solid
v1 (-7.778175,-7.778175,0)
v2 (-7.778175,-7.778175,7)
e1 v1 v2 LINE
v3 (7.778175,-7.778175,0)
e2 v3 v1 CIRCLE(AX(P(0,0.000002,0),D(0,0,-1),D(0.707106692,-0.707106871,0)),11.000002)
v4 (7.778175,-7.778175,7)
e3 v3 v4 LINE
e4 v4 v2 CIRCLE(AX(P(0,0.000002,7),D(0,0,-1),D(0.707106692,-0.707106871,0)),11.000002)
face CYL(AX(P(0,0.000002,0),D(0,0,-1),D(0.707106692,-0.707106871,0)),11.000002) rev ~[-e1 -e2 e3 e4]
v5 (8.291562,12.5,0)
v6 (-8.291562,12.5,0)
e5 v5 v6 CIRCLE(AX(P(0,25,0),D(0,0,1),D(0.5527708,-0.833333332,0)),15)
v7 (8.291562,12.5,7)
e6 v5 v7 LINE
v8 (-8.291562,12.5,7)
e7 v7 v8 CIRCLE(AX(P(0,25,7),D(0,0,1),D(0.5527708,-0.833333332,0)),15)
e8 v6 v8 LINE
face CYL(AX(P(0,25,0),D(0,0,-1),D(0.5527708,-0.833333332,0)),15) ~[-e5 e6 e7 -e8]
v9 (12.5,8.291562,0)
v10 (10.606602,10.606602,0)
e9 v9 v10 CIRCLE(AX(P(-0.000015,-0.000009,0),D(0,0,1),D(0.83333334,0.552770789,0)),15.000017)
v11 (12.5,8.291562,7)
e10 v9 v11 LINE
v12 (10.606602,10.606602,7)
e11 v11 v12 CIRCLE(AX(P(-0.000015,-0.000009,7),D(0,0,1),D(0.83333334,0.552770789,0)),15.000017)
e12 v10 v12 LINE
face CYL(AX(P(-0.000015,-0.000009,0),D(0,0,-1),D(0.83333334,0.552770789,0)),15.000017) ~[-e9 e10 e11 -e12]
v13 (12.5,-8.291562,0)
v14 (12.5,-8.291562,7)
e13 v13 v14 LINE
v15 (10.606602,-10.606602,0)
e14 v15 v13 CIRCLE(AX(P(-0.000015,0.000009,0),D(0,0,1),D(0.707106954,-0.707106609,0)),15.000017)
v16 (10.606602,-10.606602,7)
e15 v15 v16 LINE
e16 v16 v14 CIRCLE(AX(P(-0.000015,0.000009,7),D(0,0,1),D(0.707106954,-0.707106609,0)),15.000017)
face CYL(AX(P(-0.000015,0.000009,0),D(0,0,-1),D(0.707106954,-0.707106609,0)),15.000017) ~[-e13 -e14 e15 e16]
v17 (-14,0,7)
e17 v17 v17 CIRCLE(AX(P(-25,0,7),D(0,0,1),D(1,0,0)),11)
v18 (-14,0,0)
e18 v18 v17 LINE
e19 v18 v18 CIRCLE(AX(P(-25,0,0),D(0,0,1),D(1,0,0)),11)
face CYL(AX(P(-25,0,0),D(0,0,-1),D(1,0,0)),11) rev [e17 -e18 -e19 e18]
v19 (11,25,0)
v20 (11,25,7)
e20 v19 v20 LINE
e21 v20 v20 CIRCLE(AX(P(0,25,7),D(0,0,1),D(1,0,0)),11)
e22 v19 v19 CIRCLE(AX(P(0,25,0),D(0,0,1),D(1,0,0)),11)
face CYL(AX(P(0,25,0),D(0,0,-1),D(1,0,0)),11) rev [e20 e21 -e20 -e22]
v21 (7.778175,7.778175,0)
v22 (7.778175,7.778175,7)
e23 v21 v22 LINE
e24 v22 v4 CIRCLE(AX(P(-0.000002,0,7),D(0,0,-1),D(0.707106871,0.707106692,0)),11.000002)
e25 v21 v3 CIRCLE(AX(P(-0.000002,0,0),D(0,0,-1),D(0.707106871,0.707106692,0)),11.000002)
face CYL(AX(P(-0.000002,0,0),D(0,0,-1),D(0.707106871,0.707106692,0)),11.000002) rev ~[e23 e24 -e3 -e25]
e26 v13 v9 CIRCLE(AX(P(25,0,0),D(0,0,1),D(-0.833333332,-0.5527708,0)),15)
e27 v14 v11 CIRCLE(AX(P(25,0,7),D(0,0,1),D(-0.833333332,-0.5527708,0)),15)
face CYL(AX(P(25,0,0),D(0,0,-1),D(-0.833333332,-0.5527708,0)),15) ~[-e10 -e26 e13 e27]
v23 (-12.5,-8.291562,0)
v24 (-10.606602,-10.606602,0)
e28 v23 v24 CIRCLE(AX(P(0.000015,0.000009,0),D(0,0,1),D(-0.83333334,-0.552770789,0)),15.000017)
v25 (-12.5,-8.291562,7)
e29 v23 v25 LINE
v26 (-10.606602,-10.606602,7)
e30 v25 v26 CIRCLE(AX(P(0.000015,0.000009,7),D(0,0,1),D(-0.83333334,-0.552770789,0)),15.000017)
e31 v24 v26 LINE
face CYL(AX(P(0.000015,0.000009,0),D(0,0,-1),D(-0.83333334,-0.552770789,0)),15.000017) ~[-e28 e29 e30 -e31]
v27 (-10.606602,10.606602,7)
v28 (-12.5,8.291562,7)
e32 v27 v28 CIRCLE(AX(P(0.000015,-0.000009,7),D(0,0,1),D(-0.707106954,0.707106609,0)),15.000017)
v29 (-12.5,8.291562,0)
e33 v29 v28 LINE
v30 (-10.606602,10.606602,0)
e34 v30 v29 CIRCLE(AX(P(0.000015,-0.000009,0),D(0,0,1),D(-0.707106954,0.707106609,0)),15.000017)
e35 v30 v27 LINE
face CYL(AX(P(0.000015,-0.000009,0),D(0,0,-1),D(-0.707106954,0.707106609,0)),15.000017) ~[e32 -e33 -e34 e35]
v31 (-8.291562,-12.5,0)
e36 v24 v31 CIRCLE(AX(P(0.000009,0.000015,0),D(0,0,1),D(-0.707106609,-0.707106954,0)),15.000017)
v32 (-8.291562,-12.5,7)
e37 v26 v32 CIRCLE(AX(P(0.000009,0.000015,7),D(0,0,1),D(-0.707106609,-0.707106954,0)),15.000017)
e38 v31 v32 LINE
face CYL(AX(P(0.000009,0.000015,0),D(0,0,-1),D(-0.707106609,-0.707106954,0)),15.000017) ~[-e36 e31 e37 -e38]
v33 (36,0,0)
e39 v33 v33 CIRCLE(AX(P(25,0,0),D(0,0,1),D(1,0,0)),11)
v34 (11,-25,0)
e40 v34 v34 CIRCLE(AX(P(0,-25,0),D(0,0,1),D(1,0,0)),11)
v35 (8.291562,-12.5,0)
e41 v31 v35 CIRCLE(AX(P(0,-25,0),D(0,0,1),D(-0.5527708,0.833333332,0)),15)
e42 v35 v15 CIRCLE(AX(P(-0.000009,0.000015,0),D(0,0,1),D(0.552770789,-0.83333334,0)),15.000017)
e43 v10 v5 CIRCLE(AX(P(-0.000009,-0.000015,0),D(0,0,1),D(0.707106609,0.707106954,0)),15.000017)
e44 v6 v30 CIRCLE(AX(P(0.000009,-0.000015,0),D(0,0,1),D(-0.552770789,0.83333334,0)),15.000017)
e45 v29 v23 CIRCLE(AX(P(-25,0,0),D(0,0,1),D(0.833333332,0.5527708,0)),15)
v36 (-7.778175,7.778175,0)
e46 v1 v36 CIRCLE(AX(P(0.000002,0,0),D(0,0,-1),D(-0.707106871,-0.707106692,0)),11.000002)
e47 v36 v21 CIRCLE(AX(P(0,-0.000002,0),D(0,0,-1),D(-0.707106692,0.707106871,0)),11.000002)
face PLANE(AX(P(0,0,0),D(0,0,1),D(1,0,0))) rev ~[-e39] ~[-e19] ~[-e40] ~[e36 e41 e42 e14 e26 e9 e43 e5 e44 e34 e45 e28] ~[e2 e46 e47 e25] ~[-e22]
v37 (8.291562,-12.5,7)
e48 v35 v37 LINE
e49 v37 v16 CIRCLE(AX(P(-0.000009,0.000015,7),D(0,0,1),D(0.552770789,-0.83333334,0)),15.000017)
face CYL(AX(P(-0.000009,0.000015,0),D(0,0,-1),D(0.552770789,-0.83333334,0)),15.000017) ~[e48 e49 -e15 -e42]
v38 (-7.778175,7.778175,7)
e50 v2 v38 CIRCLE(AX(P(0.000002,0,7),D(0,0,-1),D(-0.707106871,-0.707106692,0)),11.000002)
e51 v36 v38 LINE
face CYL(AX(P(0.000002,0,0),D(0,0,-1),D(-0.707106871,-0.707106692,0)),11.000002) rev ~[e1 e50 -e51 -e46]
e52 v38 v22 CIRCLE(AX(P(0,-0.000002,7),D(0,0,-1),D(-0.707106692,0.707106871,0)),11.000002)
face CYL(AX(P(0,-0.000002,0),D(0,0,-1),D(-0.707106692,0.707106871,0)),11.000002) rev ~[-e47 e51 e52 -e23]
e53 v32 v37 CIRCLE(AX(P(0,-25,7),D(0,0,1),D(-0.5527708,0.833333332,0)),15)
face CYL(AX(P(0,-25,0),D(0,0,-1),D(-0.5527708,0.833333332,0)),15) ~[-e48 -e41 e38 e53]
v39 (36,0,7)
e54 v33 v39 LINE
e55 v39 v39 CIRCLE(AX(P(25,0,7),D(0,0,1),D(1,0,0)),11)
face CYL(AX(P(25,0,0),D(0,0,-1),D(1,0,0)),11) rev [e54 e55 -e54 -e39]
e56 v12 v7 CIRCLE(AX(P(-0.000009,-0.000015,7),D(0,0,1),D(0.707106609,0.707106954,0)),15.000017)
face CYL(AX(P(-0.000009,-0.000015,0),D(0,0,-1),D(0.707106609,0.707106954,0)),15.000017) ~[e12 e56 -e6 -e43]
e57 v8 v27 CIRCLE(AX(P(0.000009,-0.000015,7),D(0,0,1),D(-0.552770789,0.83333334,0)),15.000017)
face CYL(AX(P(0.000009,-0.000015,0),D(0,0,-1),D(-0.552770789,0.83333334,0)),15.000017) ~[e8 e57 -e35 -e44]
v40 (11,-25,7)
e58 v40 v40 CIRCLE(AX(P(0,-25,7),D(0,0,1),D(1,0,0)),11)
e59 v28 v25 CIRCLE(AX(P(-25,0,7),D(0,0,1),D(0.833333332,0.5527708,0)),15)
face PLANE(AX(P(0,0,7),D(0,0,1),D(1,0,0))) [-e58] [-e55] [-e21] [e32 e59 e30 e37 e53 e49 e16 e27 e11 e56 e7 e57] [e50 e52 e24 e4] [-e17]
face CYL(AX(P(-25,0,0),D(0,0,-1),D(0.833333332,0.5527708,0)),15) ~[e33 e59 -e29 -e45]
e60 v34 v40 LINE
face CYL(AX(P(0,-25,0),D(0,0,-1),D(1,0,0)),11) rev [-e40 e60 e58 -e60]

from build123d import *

# Parameters (mm, degrees)
F0_R     = 11
F1_DEPTH = 7


with BuildPart() as f1:
    # F0 (on Top) → F1 (new body)
    with BuildSketch(Plane.XY):
        with BuildLine():
            ThreePointArc((10.606602, 10.606602), (9.496388, 11.611142), (8.291562, 12.5))
            ThreePointArc((8.291562, 12.5), (0, 40), (-8.291562, 12.5))
            ThreePointArc((-8.291562, 12.5), (-9.496388, 11.611142), (-10.606602, 10.606602))
            ThreePointArc((-10.606602, 10.606602), (-11.611142, 9.496388), (-12.5, 8.291562))
            ThreePointArc((-12.5, 8.291562), (-40, 0), (-12.5, -8.291562))
            ThreePointArc((-12.5, -8.291562), (-11.611142, -9.496388), (-10.606602, -10.606602))
            ThreePointArc((-10.606602, -10.606602), (-9.496388, -11.611142), (-8.291562, -12.5))
            ThreePointArc((-8.291562, -12.5), (0, -40), (8.291562, -12.5))
            ThreePointArc((8.291562, -12.5), (9.496388, -11.611142), (10.606602, -10.606602))
            ThreePointArc((10.606602, -10.606602), (11.611142, -9.496388), (12.5, -8.291562))
            ThreePointArc((12.5, -8.291562), (40, 0), (12.5, 8.291562))
            ThreePointArc((12.5, 8.291562), (11.611142, 9.496388), (10.606602, 10.606602))
        make_face()
        with Locations((0, -25)):
            Circle(F0_R, mode=Mode.SUBTRACT)
        with Locations((-25, 0)):
            Circle(F0_R, mode=Mode.SUBTRACT)
        with BuildLine():
            ThreePointArc((-7.778175, 7.778175), (0, 11), (7.778175, 7.778175))
            ThreePointArc((7.778175, 7.778175), (11, 0), (7.778175, -7.778175))
            ThreePointArc((7.778175, -7.778175), (0, -11), (-7.778175, -7.778175))
            ThreePointArc((-7.778175, -7.778175), (-11, 0), (-7.778175, 7.778175))
        make_face(mode=Mode.SUBTRACT)
        with Locations((25, 0)):
            Circle(F0_R, mode=Mode.SUBTRACT)
        with Locations((0, 25)):
            Circle(F0_R, mode=Mode.SUBTRACT)
    extrude(amount=F1_DEPTH)


solid = f1.part
